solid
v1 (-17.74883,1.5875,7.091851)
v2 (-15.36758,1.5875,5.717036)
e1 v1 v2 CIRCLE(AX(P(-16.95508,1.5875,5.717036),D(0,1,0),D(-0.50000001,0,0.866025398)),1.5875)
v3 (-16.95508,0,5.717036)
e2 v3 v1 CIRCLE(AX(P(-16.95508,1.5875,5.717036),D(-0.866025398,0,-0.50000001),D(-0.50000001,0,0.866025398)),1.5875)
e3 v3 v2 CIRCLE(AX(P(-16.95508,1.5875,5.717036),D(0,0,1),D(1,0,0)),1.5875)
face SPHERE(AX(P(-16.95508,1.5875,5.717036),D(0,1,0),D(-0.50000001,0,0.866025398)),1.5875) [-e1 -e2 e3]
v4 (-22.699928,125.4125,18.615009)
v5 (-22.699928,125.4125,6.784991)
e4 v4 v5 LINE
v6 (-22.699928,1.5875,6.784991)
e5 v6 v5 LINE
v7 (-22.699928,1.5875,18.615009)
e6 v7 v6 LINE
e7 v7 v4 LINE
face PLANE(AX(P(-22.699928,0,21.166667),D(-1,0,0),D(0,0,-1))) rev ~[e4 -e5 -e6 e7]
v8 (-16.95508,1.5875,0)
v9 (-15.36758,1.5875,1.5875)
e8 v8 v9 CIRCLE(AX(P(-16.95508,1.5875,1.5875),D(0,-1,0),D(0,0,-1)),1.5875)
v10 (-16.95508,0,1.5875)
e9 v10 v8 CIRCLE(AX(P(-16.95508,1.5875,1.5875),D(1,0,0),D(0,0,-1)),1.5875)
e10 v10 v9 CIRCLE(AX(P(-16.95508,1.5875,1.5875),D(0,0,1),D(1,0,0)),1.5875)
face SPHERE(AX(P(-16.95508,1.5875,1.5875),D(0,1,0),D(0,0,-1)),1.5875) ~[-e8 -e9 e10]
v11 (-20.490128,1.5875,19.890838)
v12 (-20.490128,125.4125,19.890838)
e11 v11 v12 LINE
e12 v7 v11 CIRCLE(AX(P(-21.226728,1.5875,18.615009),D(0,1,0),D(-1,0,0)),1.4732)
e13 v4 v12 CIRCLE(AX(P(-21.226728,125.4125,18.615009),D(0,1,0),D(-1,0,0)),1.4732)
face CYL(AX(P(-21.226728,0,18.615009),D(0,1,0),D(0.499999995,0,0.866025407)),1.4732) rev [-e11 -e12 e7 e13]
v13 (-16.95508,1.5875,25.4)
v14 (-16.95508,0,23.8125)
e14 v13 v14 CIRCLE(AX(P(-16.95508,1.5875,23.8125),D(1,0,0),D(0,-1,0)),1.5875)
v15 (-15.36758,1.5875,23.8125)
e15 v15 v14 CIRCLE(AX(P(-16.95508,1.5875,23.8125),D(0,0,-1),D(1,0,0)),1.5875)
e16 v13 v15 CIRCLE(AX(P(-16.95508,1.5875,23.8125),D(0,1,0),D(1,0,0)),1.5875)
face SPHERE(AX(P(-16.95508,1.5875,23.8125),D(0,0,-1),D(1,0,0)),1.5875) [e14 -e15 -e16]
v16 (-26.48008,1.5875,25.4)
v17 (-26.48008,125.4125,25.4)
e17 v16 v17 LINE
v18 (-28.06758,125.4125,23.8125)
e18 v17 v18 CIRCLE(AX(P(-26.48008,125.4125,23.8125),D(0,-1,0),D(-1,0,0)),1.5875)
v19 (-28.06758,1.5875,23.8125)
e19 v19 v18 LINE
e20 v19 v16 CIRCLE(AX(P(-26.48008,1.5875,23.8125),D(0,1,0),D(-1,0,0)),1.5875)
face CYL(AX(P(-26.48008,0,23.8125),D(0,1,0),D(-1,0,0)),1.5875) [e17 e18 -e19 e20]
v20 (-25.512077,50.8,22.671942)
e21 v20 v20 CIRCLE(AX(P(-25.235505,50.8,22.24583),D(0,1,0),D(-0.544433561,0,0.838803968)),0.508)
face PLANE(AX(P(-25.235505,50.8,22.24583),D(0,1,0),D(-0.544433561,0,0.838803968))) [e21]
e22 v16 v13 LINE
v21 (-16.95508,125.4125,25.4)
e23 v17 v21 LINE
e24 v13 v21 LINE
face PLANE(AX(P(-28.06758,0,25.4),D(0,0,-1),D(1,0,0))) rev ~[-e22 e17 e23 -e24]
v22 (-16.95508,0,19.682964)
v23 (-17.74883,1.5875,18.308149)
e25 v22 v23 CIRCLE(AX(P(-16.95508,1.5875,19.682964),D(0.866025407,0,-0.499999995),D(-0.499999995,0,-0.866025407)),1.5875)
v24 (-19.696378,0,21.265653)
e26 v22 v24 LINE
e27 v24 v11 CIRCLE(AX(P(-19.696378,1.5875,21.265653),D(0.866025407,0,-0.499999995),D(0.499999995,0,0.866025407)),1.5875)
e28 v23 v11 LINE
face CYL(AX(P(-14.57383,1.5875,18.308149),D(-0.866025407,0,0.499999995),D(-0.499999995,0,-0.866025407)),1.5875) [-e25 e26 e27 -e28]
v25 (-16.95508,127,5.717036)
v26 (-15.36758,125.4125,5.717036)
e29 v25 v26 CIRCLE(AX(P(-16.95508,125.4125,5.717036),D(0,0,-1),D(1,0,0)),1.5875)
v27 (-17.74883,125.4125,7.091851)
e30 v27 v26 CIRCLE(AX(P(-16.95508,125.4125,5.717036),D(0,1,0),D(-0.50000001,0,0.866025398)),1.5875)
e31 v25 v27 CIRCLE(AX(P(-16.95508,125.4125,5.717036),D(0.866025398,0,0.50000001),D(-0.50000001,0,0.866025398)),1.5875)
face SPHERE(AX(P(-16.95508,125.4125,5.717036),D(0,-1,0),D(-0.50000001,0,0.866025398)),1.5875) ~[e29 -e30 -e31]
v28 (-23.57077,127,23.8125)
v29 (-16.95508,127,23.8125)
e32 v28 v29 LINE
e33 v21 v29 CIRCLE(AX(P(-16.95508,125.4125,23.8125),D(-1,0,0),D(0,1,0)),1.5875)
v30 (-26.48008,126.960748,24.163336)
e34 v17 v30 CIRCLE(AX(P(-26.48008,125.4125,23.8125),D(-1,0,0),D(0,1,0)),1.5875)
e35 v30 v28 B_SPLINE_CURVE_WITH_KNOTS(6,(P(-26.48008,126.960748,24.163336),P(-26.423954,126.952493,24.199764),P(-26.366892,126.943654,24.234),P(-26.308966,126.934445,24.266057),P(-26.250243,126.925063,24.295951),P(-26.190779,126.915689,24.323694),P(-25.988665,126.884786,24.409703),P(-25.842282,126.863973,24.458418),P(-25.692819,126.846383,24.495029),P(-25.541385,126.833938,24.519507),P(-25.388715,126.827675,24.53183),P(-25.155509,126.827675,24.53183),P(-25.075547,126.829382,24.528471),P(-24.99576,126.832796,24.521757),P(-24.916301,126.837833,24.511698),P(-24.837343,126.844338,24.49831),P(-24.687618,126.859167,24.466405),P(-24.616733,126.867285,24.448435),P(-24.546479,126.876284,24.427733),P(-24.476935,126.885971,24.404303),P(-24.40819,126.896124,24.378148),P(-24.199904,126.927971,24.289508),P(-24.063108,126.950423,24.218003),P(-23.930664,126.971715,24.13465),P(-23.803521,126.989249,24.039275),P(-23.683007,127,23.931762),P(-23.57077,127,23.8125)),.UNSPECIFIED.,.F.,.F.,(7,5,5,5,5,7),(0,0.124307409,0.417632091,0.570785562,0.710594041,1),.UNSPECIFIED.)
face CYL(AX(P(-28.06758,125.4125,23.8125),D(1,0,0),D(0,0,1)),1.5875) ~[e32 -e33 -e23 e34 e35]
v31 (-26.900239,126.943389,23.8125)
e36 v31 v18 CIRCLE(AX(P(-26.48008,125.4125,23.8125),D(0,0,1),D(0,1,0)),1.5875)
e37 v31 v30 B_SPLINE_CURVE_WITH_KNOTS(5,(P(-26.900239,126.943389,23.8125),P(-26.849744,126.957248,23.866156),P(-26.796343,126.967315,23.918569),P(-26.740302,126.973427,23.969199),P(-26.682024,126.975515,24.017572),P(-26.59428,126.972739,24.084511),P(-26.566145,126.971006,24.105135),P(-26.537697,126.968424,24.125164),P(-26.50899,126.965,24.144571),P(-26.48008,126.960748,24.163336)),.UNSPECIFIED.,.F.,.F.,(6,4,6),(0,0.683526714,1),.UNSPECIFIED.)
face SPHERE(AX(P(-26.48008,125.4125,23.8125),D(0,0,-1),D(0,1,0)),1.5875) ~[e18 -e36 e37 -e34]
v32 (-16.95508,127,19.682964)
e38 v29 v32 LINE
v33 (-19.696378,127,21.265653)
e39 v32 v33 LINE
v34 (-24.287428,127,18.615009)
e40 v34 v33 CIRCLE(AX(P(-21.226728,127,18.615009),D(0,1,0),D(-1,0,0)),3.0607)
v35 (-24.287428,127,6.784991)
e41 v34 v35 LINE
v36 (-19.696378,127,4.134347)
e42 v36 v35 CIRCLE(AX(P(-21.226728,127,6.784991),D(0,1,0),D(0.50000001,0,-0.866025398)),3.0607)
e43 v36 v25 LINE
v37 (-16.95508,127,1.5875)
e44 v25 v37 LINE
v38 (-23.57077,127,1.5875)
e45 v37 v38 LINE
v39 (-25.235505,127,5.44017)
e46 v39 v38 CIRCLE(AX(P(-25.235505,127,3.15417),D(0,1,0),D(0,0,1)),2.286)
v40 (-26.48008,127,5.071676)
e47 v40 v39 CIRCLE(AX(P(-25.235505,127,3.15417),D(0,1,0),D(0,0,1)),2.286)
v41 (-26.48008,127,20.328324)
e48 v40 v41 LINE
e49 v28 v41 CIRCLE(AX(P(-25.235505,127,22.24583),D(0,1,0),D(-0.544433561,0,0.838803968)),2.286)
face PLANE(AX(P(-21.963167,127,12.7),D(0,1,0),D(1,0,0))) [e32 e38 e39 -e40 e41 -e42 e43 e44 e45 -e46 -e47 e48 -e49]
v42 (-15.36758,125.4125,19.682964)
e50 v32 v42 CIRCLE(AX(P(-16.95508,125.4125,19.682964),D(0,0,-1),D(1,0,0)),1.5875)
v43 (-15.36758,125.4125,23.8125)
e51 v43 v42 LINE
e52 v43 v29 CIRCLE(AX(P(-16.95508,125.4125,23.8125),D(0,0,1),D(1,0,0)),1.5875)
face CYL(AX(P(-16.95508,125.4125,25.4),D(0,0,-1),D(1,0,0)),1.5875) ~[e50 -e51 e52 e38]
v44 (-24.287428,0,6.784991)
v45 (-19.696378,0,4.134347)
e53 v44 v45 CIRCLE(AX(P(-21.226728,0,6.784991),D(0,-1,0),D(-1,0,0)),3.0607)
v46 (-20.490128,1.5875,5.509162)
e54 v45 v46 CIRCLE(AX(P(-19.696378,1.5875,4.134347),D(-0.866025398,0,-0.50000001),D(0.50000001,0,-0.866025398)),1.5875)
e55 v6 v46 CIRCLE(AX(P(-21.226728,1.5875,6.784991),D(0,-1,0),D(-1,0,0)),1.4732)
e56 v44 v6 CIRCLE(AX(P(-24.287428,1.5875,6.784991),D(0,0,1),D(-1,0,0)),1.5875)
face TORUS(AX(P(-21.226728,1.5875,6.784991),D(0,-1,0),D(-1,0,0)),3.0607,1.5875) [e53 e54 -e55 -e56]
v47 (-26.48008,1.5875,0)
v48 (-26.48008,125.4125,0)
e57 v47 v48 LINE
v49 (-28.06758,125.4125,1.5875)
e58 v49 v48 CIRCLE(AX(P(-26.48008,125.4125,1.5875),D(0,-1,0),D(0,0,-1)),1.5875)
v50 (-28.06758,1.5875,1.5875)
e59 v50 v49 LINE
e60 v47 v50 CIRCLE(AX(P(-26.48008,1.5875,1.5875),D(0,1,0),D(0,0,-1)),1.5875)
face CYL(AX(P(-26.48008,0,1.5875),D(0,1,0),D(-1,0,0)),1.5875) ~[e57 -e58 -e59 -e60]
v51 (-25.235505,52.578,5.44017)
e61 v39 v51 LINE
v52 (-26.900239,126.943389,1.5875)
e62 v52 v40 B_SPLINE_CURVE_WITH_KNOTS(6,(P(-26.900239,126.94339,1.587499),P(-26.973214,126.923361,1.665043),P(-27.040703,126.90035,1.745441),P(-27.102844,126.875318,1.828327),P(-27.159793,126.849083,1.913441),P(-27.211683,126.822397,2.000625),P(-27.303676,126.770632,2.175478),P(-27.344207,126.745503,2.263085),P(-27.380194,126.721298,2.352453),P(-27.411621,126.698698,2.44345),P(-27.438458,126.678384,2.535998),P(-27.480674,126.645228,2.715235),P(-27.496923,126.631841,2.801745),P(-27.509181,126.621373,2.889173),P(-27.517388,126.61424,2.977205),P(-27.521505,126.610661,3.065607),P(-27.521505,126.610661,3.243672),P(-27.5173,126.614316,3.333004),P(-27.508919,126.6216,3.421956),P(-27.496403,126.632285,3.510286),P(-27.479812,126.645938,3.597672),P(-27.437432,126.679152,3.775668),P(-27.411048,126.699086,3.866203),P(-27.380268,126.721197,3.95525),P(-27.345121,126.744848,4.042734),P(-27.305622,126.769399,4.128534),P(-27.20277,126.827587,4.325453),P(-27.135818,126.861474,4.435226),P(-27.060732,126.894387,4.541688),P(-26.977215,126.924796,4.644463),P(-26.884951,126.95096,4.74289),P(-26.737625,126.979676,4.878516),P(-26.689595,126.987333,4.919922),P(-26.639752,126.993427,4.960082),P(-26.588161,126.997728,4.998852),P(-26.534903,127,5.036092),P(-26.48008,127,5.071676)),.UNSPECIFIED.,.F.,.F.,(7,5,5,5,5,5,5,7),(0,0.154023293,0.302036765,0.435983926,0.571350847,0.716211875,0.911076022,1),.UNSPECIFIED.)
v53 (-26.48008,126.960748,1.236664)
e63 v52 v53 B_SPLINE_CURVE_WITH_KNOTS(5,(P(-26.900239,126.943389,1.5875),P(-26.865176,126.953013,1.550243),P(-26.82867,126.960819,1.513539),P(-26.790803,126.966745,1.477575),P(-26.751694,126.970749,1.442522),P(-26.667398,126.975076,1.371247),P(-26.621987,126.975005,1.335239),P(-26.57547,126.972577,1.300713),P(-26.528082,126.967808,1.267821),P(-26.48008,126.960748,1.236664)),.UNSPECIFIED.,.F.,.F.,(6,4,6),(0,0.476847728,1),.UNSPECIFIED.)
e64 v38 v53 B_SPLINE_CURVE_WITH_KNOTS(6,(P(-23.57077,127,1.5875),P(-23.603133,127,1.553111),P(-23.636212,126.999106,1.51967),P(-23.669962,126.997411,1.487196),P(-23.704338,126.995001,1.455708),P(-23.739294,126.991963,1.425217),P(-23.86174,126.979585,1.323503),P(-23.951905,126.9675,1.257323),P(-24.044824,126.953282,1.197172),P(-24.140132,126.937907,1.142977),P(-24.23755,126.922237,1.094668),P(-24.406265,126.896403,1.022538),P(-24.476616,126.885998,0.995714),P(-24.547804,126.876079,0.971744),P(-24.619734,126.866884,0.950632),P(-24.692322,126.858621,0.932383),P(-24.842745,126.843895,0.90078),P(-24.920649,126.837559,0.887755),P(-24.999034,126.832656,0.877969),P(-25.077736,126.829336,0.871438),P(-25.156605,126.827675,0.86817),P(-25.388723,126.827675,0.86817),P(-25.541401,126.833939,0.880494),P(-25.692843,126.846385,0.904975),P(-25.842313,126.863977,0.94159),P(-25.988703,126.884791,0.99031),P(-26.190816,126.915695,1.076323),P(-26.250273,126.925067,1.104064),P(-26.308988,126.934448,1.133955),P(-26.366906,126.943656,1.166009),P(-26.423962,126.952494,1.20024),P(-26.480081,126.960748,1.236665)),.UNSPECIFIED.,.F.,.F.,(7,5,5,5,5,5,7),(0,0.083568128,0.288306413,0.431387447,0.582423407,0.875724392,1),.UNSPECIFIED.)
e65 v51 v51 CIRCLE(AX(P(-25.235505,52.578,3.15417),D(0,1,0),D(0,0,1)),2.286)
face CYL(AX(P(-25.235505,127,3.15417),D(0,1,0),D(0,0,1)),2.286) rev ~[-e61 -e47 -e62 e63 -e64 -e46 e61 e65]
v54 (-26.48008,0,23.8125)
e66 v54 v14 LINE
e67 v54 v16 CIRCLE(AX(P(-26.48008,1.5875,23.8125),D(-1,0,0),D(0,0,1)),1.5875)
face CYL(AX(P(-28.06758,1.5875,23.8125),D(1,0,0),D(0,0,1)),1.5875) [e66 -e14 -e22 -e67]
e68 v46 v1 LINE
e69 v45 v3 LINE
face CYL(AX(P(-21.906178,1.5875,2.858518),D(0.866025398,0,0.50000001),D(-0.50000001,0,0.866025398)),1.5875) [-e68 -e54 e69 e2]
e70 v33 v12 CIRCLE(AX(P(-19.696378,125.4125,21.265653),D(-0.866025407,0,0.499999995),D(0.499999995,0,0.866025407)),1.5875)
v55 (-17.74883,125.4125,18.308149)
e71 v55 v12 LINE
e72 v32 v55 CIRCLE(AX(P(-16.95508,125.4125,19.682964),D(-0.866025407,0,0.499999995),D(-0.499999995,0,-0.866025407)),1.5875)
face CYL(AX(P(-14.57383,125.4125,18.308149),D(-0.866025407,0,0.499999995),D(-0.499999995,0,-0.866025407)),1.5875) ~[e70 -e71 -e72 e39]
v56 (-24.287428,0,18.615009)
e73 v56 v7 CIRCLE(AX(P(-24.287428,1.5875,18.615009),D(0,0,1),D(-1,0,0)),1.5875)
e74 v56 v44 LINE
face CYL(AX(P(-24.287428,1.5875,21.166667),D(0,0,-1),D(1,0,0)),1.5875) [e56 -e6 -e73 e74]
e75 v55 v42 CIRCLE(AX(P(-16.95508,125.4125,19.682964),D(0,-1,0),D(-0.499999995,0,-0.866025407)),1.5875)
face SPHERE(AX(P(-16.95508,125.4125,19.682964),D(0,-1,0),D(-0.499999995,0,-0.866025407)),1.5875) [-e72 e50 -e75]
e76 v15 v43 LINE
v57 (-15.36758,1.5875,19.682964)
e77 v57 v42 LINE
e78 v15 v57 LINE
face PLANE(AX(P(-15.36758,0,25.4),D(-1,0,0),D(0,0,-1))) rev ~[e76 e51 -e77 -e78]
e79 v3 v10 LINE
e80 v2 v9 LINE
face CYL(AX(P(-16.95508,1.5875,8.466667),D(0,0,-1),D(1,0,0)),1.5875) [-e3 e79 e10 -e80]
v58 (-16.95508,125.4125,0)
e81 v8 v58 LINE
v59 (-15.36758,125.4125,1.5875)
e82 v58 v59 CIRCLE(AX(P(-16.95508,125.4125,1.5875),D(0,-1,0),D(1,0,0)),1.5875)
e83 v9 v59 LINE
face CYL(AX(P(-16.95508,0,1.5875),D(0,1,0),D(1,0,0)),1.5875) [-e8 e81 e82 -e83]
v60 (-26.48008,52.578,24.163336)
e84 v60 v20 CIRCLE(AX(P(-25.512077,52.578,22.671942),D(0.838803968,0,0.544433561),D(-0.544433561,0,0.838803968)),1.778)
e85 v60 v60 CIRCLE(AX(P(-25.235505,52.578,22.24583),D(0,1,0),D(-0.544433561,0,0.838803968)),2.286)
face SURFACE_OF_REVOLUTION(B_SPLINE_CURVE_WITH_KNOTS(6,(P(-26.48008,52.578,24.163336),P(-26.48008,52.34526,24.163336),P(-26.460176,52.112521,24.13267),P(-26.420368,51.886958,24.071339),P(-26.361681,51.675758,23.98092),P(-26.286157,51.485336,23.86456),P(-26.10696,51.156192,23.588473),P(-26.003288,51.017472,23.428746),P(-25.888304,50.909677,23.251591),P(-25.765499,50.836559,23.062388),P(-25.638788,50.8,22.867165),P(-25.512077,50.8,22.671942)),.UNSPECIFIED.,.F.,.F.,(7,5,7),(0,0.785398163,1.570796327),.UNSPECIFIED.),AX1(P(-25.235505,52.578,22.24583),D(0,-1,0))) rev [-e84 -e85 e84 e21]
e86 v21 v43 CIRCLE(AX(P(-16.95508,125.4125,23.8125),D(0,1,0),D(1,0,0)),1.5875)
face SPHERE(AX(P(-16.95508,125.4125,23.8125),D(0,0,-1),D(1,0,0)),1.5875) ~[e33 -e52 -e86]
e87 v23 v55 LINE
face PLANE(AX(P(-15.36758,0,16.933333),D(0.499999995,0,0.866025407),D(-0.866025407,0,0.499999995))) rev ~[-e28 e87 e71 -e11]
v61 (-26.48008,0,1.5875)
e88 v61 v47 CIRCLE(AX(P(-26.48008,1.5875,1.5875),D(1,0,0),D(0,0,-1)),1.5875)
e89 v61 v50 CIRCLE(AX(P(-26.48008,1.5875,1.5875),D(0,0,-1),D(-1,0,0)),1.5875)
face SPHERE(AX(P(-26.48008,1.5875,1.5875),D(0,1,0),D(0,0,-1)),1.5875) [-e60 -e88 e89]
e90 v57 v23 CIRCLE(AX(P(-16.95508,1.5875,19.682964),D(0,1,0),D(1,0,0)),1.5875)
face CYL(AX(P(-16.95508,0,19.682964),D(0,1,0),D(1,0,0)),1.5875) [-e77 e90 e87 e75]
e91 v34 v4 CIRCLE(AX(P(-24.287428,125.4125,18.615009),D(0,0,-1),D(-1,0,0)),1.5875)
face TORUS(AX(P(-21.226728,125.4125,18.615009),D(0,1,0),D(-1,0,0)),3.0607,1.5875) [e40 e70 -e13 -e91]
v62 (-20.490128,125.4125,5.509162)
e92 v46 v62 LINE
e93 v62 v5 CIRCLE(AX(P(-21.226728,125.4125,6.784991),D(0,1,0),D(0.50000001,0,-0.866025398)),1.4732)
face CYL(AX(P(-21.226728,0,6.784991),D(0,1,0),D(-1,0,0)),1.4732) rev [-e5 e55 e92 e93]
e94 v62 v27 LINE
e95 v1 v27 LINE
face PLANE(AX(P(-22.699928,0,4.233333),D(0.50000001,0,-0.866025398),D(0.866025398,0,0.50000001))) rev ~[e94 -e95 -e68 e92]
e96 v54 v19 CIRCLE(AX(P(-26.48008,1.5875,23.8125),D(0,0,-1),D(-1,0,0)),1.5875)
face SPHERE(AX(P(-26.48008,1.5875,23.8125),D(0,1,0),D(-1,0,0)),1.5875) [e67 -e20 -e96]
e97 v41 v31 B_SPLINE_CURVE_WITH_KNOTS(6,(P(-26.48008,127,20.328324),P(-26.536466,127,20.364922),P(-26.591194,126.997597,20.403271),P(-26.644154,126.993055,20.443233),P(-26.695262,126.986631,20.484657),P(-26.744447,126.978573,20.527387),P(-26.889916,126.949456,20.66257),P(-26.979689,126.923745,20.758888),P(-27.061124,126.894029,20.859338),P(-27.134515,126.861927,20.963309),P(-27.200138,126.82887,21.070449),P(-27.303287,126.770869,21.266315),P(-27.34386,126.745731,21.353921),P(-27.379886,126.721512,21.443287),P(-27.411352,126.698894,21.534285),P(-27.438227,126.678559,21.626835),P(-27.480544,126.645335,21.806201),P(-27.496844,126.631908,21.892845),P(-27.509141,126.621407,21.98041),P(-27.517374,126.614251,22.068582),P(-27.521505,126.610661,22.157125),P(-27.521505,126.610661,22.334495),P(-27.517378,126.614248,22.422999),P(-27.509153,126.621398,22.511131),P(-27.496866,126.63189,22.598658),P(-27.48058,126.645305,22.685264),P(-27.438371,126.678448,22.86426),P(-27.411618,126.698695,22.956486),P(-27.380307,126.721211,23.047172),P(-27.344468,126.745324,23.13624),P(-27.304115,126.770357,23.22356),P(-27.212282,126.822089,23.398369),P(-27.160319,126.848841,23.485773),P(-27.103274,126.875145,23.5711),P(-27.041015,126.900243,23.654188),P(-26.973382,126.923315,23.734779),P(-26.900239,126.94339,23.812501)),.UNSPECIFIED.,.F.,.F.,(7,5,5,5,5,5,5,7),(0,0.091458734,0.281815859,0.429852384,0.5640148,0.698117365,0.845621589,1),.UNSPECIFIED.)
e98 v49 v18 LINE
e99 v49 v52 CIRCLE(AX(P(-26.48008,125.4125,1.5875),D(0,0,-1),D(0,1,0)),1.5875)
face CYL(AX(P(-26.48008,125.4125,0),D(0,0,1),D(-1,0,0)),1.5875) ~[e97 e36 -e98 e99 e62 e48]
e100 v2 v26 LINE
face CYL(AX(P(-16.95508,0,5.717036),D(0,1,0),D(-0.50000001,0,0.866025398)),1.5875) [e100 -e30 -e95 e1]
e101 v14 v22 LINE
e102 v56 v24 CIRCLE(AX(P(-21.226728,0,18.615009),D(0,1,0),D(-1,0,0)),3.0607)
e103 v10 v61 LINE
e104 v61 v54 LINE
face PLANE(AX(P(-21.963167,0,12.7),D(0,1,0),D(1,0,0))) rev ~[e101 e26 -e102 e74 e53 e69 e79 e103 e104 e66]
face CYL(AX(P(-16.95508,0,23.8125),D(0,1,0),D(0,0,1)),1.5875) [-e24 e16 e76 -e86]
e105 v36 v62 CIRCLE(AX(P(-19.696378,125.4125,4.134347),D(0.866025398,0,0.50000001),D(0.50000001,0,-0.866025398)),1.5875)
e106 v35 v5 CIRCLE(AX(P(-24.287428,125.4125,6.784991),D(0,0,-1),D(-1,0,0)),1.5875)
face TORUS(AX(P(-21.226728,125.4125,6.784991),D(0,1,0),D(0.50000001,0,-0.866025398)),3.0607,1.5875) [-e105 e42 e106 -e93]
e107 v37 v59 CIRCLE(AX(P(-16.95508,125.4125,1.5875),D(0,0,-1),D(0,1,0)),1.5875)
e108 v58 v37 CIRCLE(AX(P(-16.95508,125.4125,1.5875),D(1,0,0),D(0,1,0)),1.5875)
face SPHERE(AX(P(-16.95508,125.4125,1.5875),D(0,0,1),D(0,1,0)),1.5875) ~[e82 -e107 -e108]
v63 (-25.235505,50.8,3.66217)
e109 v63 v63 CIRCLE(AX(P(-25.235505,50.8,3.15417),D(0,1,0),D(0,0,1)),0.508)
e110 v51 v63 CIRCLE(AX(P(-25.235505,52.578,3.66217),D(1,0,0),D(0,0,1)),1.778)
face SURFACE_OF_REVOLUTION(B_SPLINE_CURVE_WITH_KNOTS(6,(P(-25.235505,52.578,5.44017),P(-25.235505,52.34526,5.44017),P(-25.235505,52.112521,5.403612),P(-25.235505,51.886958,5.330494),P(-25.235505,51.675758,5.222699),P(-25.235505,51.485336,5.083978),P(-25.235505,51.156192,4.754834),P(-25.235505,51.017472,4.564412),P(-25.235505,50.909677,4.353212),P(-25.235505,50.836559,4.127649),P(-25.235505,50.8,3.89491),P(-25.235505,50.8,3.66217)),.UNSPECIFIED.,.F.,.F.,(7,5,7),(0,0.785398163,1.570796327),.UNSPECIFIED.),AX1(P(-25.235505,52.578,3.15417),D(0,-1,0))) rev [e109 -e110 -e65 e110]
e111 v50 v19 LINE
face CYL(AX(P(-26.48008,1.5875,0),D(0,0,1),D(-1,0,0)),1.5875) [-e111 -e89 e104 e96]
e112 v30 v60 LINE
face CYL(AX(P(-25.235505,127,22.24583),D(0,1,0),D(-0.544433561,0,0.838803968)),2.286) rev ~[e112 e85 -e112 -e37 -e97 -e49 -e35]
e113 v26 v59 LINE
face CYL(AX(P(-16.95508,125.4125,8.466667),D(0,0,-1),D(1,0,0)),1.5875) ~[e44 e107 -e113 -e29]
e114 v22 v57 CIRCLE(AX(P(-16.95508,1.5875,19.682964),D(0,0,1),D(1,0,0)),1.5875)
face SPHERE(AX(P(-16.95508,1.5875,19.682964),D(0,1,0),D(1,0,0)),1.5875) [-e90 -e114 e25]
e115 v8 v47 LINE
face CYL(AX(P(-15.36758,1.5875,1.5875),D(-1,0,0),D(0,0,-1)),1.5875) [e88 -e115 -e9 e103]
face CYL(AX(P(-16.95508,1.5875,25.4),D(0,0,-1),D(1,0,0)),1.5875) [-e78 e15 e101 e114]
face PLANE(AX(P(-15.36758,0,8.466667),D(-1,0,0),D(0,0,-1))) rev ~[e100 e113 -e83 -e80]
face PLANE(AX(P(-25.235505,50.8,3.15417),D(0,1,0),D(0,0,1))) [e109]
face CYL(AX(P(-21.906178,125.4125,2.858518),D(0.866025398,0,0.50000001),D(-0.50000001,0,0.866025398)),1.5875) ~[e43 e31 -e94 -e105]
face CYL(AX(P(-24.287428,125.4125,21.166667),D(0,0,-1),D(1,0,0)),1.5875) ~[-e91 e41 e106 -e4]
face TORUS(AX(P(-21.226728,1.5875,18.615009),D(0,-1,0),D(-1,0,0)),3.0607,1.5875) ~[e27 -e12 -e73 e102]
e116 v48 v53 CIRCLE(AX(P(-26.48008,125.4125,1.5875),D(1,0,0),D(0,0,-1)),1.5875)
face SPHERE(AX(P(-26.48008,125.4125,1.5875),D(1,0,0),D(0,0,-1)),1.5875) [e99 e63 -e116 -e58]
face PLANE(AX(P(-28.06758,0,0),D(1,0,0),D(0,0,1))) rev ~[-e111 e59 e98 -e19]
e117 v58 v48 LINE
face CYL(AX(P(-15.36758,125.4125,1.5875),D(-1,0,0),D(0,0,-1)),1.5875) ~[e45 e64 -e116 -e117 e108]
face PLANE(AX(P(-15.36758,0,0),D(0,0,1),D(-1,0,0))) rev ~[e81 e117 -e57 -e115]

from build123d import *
from OCP.BRepFilletAPI import BRepFilletAPI_MakeFillet

# Parameters (mm, degrees)
BOSS_EXTRUDE2_DEPTH = 127
FILLET1_R1          = 1.5875
FILLET1_R2          = 1.4732
SKETCH2_R           = 2.286
CUT_EXTRUDE1_DEPTH  = 76.2
FILLET3_R           = 1.778


with BuildPart() as part:
    # Sketch1 → Boss-Extrude2 (new body)
    with BuildSketch(Plane(origin=(0, 0, 0), x_dir=(1, 0, 0), z_dir=(0, 1, 0))):
        Polygon((-28.067579909, 0), (-28.067579909, -25.4), (-15.367579909, -25.4), (-15.367579909, -16.933333333), (-22.699928279, -21.166666582), (-22.699928279, -4.233333249), (-15.367579909, -8.466666667), (-15.367579909, 0), align=None)
    extrude(amount=BOSS_EXTRUDE2_DEPTH)

    # Fillet1: one fillet with a radius per group of edges: ONE call of the kernel's fillet builder (fillet() takes one radius for all edges)
    fillet1_edges_1 = [part.edges().sort_by_distance(p)[0] for p in [
        (-19.033754094, 127, 6.349999958),
        (-22.699928279, 127, 12.699999915),
        (-19.033754094, 127, 19.049999958),
        (-15.367579909, 127, 21.166666667),
        (-15.367579909, 127, 4.233333333),
        (-21.717579909, 127, 0),
        (-28.067579909, 63.5, 0),
        (-15.367579909, 63.5, 0),
        (-21.717579909, 0, 0),
        (-15.367579909, 0, 4.233333333),
        (-15.367579909, 63.5, 8.466666667),
        (-15.367579909, 63.5, 16.933333333),
        (-15.367579909, 0, 21.166666667),
        (-15.367579909, 63.5, 25.4),
        (-22.699928279, 0, 12.699999915),
        (-28.067579909, 127, 12.7),
        (-21.717579909, 127, 25.4),
        (-28.067579909, 63.5, 25.4),
        (-28.067579909, 0, 12.7),
        (-21.717579909, 0, 25.4),
        (-19.033754094, 0, 6.349999958),
        (-19.033754094, 0, 19.049999958),
    ]]
    fillet1_edges_2 = [part.edges().sort_by_distance(p)[0] for p in [
        (-22.699928279, 63.5, 4.233333249),
        (-22.699928279, 63.5, 21.166666582),
    ]]
    fillet1 = BRepFilletAPI_MakeFillet(part.part.solid().wrapped)
    for e in fillet1_edges_1:
        fillet1.Add(FILLET1_R1, e.wrapped)
    for e in fillet1_edges_2:
        fillet1.Add(FILLET1_R2, e.wrapped)
    add(Compound.cast(fillet1.Shape()), mode=Mode.REPLACE)

    # Sketch2 → Cut-Extrude1 (cut)
    with BuildSketch(Plane(origin=(0, 127, 0), x_dir=(1, 0, 0), z_dir=(0, 1, 0))):
        with Locations((-25.235504788, -3.154170131)):
            Circle(SKETCH2_R)
        with Locations((-25.235504788, -22.245829751)):
            Circle(SKETCH2_R)
    extrude(amount=-CUT_EXTRUDE1_DEPTH, mode=Mode.SUBTRACT)

    # Fillet3
    fillet3_edges = [part.edges().sort_by_distance(p)[0] for p in [
        (-27.521504788, 50.8, 3.154170131),
        (-27.521504788, 50.8, 22.245829751),
    ]]
    fillet(fillet3_edges, radius=FILLET3_R)


solid = part.part
